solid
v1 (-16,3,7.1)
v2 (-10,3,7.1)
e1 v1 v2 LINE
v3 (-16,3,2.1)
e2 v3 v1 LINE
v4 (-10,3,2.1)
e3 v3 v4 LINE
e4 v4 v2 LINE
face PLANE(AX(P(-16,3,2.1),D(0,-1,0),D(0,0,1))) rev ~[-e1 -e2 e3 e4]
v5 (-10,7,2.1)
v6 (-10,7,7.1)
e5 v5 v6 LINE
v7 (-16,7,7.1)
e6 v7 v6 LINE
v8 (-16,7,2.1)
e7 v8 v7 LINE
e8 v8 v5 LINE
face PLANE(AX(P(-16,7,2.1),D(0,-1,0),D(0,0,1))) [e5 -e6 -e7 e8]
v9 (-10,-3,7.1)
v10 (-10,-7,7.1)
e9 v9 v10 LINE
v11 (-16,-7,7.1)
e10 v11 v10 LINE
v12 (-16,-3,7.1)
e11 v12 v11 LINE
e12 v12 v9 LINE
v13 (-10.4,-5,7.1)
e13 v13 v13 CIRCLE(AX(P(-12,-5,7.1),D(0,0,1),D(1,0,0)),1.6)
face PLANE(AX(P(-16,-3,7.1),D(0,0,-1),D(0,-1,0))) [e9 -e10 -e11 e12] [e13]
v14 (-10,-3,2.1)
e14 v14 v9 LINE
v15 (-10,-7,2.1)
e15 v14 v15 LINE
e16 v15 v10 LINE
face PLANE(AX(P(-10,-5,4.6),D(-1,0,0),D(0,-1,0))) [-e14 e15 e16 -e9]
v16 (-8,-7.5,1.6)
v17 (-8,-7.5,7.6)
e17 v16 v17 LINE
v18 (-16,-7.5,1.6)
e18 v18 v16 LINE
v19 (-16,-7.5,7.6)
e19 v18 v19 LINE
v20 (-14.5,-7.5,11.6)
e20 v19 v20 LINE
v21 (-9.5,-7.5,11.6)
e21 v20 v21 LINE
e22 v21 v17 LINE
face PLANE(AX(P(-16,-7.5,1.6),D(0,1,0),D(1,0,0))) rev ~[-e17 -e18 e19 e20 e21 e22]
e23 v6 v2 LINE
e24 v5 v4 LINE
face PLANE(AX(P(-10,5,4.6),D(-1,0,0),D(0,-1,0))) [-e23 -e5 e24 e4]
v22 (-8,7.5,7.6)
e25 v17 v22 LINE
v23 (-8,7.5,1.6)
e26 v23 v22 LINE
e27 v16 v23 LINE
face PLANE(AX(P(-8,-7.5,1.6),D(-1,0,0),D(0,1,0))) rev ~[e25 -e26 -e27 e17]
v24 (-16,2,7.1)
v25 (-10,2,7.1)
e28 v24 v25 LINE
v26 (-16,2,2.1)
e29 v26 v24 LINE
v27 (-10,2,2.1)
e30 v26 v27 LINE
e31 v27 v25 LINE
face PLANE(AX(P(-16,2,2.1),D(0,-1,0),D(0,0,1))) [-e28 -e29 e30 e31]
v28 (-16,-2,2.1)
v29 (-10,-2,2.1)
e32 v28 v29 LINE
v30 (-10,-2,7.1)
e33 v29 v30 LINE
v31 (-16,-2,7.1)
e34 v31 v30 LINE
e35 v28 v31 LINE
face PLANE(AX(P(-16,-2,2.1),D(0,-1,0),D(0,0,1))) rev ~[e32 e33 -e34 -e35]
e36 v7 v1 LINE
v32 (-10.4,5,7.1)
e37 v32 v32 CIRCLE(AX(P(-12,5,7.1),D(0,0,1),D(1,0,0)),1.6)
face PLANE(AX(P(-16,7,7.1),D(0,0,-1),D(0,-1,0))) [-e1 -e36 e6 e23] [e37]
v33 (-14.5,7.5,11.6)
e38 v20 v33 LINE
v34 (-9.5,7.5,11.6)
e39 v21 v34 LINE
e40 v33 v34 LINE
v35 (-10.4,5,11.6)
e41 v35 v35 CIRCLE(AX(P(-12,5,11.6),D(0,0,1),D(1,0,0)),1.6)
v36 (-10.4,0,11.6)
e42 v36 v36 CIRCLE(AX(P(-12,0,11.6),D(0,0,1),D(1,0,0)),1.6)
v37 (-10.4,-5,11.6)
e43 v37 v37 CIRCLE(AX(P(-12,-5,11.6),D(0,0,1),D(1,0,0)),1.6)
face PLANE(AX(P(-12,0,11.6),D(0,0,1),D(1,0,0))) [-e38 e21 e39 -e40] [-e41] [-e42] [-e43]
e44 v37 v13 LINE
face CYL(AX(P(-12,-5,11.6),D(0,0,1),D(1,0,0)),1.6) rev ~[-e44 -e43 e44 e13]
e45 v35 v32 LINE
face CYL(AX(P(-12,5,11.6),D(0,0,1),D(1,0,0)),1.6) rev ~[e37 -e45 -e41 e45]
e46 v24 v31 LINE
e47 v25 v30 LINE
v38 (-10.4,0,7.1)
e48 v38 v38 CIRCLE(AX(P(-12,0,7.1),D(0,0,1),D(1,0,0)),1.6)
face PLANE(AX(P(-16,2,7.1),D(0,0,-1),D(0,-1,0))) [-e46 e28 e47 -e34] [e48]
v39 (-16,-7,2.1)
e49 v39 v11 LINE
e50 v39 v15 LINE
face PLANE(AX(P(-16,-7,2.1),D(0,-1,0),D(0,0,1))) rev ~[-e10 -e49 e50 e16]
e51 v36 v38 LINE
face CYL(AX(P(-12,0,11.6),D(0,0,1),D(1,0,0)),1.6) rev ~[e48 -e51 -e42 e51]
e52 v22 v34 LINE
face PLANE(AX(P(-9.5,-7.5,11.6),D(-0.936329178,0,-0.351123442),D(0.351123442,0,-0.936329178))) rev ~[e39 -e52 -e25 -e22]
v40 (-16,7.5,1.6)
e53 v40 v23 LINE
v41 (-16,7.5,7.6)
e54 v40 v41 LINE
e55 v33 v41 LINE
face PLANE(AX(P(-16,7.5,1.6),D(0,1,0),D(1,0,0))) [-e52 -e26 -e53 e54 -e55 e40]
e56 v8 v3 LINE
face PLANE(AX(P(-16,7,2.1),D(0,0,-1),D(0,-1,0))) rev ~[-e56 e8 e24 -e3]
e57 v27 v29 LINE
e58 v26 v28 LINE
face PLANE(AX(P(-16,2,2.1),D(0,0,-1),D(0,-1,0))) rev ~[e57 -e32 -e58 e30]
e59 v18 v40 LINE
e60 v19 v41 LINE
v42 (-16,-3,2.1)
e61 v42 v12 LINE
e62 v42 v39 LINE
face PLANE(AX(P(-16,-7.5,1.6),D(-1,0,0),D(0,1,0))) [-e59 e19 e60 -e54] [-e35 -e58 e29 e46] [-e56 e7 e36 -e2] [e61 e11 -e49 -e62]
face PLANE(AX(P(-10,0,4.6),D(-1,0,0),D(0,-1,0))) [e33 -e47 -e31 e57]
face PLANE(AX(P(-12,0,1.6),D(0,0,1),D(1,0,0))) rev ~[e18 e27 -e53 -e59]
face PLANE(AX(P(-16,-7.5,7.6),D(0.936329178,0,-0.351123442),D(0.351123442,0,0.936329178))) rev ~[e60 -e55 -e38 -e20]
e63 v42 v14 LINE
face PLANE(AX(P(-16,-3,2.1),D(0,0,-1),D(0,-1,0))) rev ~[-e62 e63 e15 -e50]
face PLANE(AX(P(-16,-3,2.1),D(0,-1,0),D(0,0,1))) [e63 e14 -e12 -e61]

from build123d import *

# Parameters (mm, degrees)
SKETCH001_W     = 8
SKETCH001_H     = 15
PAD001_DEPTH    = 10
POCKET_DEPTH    = 16
SKETCH003_R     = 1.6
POCKET001_DEPTH = 5
SKETCH004_W     = 4
SKETCH004_H     = 5
POCKET002_DEPTH = 6


with BuildPart() as part:
    # Sketch001 (on Face1 of CopyPad) → Pad001 (new body)
    with BuildSketch(Plane.XY.offset(1.6)):
        with Locations((-12, 0)):
            Rectangle(SKETCH001_W, SKETCH001_H)
    extrude(amount=PAD001_DEPTH)

    # Sketch002 (on Face1 of Pad001) → Pocket (cut)
    with BuildSketch(Plane(origin=(0, -7.5, 1.6), x_dir=(1, 0, 0), z_dir=(0, -1, 0))):
        Polygon((-16, 10), (-16, 6), (-14.5, 10), align=None)
        Polygon((-8, 10), (-9.5, 10), (-8, 6), align=None)
    extrude(amount=-POCKET_DEPTH, mode=Mode.SUBTRACT)

    # Sketch003 (on Face5 of Pocket) → Pocket001 (cut)
    with BuildSketch(Plane.XY.offset(11.6)):
        with Locations((-12, 5)):
            Circle(SKETCH003_R)
        with Locations((-12, 0)):
            Circle(SKETCH003_R)
        with Locations((-12, -5)):
            Circle(SKETCH003_R)
    extrude(amount=-POCKET001_DEPTH, mode=Mode.SUBTRACT)

    # Sketch004 (on Face7 of Pocket001) → Pocket002 (cut)
    with BuildSketch(Plane(origin=(-16, 0, 1.6), x_dir=(0, -1, 0), z_dir=(-1, 0, 0))):
        with Locations((-5, 3)):
            Rectangle(SKETCH004_W, SKETCH004_H)
        with Locations((0, 3)):
            Rectangle(SKETCH004_W, SKETCH004_H)
        with Locations((5, 3)):
            Rectangle(SKETCH004_W, SKETCH004_H)
    extrude(amount=-POCKET002_DEPTH, mode=Mode.SUBTRACT)


solid = part.part
